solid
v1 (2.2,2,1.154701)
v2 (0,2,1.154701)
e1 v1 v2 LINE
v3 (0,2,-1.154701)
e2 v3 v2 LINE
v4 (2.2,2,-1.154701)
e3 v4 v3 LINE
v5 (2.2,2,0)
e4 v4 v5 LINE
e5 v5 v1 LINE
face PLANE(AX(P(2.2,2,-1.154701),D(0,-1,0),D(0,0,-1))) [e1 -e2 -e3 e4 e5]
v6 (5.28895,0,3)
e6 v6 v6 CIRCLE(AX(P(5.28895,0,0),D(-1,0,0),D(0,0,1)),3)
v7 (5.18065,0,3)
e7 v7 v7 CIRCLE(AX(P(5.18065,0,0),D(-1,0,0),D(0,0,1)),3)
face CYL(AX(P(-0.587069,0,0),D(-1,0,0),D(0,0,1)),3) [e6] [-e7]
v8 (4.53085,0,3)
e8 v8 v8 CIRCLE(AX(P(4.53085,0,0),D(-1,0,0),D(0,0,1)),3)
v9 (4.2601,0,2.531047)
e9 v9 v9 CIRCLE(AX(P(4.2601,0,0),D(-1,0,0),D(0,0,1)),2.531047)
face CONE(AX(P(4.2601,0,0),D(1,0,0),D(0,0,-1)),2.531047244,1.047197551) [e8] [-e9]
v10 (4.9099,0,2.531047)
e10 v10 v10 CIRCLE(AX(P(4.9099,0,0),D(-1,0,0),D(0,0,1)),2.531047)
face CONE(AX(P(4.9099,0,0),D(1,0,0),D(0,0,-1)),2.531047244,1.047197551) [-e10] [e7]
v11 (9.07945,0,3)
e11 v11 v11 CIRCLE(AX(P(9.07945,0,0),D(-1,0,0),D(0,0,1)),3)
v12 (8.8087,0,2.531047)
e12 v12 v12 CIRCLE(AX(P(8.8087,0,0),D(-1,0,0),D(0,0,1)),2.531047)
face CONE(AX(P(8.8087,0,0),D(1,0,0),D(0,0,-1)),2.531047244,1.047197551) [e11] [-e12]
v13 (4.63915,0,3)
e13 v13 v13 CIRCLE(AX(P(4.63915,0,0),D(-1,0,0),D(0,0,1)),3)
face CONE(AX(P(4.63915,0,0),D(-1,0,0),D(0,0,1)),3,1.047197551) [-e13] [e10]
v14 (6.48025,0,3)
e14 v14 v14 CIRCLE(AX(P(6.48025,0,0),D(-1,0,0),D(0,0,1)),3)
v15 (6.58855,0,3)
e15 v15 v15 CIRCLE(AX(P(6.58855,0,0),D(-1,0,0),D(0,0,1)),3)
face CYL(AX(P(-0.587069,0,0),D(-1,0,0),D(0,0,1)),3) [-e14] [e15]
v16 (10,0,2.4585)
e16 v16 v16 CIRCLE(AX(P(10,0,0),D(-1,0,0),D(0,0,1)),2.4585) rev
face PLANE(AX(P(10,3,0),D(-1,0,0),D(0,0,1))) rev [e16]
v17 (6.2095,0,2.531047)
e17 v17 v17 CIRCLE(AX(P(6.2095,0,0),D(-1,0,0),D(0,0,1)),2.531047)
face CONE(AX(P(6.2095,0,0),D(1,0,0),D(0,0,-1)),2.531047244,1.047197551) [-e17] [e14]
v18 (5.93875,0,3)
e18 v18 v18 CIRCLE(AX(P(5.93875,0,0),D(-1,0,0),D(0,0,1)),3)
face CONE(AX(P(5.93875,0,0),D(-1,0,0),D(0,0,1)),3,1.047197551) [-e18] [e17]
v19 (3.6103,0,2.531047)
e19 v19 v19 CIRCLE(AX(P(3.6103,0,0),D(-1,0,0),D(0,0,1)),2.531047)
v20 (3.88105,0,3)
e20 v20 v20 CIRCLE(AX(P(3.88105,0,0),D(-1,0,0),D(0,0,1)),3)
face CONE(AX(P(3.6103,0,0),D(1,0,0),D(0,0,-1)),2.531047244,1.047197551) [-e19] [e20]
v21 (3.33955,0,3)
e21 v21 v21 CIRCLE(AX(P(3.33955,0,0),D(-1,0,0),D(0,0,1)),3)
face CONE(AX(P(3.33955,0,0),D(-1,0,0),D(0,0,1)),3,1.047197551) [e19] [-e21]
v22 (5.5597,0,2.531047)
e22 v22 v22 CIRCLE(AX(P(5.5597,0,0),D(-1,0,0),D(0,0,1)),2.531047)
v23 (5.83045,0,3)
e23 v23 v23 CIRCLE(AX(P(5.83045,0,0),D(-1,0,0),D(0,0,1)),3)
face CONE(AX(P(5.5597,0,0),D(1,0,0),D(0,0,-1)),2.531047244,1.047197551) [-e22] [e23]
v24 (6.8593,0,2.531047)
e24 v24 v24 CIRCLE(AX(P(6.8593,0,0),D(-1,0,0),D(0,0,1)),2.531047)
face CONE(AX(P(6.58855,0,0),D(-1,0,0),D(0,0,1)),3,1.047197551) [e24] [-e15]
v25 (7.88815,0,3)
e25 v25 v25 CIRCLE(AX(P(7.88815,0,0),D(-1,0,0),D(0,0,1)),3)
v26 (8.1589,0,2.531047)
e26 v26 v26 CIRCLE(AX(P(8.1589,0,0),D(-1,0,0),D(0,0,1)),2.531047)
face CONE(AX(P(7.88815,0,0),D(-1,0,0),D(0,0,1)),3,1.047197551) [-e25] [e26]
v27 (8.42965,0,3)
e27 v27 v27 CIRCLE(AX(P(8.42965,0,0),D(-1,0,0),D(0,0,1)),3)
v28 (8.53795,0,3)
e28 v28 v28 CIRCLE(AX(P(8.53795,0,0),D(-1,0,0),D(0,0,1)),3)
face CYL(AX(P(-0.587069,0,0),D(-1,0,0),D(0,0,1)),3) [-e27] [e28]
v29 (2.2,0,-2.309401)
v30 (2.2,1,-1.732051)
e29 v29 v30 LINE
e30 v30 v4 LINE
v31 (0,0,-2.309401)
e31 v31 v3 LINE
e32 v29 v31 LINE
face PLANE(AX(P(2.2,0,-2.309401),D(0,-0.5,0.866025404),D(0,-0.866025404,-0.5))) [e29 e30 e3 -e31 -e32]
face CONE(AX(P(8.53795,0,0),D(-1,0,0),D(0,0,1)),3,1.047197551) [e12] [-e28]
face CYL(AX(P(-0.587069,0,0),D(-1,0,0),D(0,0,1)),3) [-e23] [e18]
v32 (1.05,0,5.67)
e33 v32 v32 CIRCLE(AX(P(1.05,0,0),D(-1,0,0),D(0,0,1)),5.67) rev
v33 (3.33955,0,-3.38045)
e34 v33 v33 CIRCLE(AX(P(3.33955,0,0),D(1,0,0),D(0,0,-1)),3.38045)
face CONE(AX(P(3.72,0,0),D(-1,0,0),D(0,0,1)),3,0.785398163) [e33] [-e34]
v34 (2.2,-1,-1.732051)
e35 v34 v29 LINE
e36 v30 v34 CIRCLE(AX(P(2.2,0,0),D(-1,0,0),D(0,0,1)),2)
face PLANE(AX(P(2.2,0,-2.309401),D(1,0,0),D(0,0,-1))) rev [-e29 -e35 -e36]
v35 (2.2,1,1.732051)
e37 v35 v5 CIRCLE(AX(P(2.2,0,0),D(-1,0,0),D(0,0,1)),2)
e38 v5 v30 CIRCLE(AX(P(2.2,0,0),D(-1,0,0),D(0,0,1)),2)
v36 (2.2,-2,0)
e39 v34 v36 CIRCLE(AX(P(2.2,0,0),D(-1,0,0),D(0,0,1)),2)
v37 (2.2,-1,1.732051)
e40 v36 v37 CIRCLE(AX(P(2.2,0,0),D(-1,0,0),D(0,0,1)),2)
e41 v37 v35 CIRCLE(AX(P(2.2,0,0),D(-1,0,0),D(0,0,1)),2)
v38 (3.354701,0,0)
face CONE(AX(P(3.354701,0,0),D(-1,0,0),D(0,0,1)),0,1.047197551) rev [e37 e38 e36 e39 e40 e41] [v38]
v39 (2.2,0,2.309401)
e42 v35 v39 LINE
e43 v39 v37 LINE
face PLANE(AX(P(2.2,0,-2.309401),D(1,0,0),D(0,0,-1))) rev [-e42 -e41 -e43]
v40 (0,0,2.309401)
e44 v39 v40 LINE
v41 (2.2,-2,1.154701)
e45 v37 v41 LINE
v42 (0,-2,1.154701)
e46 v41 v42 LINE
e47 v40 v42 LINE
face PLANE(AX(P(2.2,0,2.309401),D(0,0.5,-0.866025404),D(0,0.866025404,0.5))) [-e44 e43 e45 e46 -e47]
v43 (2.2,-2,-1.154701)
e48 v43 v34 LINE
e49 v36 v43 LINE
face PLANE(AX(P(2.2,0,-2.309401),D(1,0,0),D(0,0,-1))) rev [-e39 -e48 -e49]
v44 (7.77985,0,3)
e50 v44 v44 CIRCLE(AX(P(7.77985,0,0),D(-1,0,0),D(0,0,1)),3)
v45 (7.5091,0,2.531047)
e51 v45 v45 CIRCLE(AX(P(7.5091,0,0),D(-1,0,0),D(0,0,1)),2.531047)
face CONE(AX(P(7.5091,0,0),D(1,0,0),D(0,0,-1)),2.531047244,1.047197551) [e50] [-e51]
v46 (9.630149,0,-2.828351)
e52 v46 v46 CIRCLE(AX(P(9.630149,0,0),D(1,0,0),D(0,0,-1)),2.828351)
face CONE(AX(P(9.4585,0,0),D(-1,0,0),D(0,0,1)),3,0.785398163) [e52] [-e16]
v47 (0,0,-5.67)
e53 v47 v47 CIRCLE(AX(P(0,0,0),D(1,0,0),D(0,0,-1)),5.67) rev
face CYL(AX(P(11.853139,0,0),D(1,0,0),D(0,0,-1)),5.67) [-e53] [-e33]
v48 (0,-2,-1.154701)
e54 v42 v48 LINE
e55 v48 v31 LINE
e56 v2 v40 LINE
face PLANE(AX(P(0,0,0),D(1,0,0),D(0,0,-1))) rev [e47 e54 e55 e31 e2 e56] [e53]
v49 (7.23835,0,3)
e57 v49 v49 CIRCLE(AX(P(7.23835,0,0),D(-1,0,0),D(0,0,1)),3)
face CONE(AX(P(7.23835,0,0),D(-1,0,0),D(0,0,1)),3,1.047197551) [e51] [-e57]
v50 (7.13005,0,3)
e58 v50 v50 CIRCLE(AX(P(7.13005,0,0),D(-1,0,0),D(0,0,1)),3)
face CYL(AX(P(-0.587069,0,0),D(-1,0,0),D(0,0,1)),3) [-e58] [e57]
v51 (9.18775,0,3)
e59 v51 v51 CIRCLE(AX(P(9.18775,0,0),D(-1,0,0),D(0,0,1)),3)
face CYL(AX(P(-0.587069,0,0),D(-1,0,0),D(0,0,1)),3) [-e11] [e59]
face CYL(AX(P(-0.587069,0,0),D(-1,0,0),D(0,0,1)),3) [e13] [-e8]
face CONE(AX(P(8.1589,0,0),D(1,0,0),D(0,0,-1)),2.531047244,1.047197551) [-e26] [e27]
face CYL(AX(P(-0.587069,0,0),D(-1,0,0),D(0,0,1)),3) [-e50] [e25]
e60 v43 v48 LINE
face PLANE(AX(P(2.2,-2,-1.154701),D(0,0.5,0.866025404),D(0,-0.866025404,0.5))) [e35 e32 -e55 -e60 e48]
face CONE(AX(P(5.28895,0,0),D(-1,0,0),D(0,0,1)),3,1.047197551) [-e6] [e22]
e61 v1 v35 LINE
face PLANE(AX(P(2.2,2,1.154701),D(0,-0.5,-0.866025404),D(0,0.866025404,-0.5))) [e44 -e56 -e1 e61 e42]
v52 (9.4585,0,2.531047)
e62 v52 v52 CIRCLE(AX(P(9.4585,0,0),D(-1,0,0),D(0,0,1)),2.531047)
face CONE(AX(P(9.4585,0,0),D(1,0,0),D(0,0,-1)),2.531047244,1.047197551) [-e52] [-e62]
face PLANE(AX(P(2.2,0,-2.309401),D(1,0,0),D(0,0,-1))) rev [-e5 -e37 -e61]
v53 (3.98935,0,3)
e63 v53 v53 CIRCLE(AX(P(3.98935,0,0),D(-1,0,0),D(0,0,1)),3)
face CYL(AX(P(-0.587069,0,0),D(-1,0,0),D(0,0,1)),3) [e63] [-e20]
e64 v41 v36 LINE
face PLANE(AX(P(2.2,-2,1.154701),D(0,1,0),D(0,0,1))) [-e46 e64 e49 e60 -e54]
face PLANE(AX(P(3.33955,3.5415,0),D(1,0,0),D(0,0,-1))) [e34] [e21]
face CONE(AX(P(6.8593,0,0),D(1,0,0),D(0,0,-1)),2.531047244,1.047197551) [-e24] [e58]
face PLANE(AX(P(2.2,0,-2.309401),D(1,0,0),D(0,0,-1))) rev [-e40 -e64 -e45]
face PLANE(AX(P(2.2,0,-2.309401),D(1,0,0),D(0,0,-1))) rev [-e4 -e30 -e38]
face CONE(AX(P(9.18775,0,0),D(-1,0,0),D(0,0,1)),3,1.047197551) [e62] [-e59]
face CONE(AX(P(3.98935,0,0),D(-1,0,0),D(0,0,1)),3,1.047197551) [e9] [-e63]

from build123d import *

# Parameters (mm, degrees)
HEXAGONSOCKET_DEPTH = 2.2
HEADFILLET_R        = 0.25
CHAMFER_2_SIZE      = 0.5415
SKETCH4_W           = 5
SKETCH4_H           = 5
LPATTERN10_COUNT    = 10
LPATTERN10_PITCH    = 0.6498


with BuildPart() as part:
    # Sketch1 → Base (revolve)
    with BuildSketch(Plane.XY):
        Polygon((0, 0), (0, 6.72), (3.72, 3), (10, 3), (10, 0), align=None)
    revolve(axis=Axis((-0.587069181, 0, 0), (1, 0, 0)))

    # Sketch2 → HexagonSocket (cut)
    with BuildSketch(Plane(origin=(0, 0, 0), x_dir=(0, 0, -1), z_dir=(1, 0, 0))):
        Polygon((2.309401077, 0), (1.154700538, 2), (-1.154700538, 2), (-2.309401077, 0), (-1.154700538, -2), (1.154700538, -2), align=None)
    extrude(amount=HEXAGONSOCKET_DEPTH, mode=Mode.SUBTRACT)

    # Sketch3 → Cut-Revolve1 (revolve, cut)
    with BuildSketch(Plane.XY):
        Polygon((2.2, 2), (3.354700538, 0), (2.2, 0), align=None)
    revolve(axis=Axis((-0.439109555, 0, 0), (1, 0, 0)), mode=Mode.SUBTRACT)

    # HeadFillet
    headfillet_edges = [part.edges().sort_by_distance(p)[0] for p in [
        (3.72, -3, 0),
    ]]
    fillet(headfillet_edges, radius=HEADFILLET_R)

    # Chamfer 2
    chamfer_2_edges = [part.edges().sort_by_distance(p)[0] for p in [
        (10, -3, 0),
    ]]
    chamfer(chamfer_2_edges, length=CHAMFER_2_SIZE)

    # Sketch4 → Cut-Revolve2 (revolve, cut)
    with BuildSketch(Plane(origin=(0, 0, 0), x_dir=(1, 0, 0), z_dir=(0, 1, 0))):
        with Locations((0.5, 8.17)):
            Rectangle(SKETCH4_W, SKETCH4_H)
    revolve(axis=Axis((11.853138686, 0, 0), (-1, 0, 0)), mode=Mode.SUBTRACT)

    # Sketch5 → Cut-Revolve10 (revolve, cut)
    with BuildSketch(Plane.XY):
        Polygon((9.4585, 2.531047244), (9.72925, 3), (9.72925, 3.5415), (9.18775, 3.5415), (9.18775, 3), align=None)
    cut_revolve10 = revolve(axis=Axis((0, 0, 0), (1, 0, 0)), mode=Mode.SUBTRACT)

    # LPattern10: Cut-Revolve10 ×10
    with Locations(*[(-i * LPATTERN10_PITCH, 0, 0) for i in range(1, LPATTERN10_COUNT)]):
        add(cut_revolve10, mode=Mode.SUBTRACT)


solid = part.part
